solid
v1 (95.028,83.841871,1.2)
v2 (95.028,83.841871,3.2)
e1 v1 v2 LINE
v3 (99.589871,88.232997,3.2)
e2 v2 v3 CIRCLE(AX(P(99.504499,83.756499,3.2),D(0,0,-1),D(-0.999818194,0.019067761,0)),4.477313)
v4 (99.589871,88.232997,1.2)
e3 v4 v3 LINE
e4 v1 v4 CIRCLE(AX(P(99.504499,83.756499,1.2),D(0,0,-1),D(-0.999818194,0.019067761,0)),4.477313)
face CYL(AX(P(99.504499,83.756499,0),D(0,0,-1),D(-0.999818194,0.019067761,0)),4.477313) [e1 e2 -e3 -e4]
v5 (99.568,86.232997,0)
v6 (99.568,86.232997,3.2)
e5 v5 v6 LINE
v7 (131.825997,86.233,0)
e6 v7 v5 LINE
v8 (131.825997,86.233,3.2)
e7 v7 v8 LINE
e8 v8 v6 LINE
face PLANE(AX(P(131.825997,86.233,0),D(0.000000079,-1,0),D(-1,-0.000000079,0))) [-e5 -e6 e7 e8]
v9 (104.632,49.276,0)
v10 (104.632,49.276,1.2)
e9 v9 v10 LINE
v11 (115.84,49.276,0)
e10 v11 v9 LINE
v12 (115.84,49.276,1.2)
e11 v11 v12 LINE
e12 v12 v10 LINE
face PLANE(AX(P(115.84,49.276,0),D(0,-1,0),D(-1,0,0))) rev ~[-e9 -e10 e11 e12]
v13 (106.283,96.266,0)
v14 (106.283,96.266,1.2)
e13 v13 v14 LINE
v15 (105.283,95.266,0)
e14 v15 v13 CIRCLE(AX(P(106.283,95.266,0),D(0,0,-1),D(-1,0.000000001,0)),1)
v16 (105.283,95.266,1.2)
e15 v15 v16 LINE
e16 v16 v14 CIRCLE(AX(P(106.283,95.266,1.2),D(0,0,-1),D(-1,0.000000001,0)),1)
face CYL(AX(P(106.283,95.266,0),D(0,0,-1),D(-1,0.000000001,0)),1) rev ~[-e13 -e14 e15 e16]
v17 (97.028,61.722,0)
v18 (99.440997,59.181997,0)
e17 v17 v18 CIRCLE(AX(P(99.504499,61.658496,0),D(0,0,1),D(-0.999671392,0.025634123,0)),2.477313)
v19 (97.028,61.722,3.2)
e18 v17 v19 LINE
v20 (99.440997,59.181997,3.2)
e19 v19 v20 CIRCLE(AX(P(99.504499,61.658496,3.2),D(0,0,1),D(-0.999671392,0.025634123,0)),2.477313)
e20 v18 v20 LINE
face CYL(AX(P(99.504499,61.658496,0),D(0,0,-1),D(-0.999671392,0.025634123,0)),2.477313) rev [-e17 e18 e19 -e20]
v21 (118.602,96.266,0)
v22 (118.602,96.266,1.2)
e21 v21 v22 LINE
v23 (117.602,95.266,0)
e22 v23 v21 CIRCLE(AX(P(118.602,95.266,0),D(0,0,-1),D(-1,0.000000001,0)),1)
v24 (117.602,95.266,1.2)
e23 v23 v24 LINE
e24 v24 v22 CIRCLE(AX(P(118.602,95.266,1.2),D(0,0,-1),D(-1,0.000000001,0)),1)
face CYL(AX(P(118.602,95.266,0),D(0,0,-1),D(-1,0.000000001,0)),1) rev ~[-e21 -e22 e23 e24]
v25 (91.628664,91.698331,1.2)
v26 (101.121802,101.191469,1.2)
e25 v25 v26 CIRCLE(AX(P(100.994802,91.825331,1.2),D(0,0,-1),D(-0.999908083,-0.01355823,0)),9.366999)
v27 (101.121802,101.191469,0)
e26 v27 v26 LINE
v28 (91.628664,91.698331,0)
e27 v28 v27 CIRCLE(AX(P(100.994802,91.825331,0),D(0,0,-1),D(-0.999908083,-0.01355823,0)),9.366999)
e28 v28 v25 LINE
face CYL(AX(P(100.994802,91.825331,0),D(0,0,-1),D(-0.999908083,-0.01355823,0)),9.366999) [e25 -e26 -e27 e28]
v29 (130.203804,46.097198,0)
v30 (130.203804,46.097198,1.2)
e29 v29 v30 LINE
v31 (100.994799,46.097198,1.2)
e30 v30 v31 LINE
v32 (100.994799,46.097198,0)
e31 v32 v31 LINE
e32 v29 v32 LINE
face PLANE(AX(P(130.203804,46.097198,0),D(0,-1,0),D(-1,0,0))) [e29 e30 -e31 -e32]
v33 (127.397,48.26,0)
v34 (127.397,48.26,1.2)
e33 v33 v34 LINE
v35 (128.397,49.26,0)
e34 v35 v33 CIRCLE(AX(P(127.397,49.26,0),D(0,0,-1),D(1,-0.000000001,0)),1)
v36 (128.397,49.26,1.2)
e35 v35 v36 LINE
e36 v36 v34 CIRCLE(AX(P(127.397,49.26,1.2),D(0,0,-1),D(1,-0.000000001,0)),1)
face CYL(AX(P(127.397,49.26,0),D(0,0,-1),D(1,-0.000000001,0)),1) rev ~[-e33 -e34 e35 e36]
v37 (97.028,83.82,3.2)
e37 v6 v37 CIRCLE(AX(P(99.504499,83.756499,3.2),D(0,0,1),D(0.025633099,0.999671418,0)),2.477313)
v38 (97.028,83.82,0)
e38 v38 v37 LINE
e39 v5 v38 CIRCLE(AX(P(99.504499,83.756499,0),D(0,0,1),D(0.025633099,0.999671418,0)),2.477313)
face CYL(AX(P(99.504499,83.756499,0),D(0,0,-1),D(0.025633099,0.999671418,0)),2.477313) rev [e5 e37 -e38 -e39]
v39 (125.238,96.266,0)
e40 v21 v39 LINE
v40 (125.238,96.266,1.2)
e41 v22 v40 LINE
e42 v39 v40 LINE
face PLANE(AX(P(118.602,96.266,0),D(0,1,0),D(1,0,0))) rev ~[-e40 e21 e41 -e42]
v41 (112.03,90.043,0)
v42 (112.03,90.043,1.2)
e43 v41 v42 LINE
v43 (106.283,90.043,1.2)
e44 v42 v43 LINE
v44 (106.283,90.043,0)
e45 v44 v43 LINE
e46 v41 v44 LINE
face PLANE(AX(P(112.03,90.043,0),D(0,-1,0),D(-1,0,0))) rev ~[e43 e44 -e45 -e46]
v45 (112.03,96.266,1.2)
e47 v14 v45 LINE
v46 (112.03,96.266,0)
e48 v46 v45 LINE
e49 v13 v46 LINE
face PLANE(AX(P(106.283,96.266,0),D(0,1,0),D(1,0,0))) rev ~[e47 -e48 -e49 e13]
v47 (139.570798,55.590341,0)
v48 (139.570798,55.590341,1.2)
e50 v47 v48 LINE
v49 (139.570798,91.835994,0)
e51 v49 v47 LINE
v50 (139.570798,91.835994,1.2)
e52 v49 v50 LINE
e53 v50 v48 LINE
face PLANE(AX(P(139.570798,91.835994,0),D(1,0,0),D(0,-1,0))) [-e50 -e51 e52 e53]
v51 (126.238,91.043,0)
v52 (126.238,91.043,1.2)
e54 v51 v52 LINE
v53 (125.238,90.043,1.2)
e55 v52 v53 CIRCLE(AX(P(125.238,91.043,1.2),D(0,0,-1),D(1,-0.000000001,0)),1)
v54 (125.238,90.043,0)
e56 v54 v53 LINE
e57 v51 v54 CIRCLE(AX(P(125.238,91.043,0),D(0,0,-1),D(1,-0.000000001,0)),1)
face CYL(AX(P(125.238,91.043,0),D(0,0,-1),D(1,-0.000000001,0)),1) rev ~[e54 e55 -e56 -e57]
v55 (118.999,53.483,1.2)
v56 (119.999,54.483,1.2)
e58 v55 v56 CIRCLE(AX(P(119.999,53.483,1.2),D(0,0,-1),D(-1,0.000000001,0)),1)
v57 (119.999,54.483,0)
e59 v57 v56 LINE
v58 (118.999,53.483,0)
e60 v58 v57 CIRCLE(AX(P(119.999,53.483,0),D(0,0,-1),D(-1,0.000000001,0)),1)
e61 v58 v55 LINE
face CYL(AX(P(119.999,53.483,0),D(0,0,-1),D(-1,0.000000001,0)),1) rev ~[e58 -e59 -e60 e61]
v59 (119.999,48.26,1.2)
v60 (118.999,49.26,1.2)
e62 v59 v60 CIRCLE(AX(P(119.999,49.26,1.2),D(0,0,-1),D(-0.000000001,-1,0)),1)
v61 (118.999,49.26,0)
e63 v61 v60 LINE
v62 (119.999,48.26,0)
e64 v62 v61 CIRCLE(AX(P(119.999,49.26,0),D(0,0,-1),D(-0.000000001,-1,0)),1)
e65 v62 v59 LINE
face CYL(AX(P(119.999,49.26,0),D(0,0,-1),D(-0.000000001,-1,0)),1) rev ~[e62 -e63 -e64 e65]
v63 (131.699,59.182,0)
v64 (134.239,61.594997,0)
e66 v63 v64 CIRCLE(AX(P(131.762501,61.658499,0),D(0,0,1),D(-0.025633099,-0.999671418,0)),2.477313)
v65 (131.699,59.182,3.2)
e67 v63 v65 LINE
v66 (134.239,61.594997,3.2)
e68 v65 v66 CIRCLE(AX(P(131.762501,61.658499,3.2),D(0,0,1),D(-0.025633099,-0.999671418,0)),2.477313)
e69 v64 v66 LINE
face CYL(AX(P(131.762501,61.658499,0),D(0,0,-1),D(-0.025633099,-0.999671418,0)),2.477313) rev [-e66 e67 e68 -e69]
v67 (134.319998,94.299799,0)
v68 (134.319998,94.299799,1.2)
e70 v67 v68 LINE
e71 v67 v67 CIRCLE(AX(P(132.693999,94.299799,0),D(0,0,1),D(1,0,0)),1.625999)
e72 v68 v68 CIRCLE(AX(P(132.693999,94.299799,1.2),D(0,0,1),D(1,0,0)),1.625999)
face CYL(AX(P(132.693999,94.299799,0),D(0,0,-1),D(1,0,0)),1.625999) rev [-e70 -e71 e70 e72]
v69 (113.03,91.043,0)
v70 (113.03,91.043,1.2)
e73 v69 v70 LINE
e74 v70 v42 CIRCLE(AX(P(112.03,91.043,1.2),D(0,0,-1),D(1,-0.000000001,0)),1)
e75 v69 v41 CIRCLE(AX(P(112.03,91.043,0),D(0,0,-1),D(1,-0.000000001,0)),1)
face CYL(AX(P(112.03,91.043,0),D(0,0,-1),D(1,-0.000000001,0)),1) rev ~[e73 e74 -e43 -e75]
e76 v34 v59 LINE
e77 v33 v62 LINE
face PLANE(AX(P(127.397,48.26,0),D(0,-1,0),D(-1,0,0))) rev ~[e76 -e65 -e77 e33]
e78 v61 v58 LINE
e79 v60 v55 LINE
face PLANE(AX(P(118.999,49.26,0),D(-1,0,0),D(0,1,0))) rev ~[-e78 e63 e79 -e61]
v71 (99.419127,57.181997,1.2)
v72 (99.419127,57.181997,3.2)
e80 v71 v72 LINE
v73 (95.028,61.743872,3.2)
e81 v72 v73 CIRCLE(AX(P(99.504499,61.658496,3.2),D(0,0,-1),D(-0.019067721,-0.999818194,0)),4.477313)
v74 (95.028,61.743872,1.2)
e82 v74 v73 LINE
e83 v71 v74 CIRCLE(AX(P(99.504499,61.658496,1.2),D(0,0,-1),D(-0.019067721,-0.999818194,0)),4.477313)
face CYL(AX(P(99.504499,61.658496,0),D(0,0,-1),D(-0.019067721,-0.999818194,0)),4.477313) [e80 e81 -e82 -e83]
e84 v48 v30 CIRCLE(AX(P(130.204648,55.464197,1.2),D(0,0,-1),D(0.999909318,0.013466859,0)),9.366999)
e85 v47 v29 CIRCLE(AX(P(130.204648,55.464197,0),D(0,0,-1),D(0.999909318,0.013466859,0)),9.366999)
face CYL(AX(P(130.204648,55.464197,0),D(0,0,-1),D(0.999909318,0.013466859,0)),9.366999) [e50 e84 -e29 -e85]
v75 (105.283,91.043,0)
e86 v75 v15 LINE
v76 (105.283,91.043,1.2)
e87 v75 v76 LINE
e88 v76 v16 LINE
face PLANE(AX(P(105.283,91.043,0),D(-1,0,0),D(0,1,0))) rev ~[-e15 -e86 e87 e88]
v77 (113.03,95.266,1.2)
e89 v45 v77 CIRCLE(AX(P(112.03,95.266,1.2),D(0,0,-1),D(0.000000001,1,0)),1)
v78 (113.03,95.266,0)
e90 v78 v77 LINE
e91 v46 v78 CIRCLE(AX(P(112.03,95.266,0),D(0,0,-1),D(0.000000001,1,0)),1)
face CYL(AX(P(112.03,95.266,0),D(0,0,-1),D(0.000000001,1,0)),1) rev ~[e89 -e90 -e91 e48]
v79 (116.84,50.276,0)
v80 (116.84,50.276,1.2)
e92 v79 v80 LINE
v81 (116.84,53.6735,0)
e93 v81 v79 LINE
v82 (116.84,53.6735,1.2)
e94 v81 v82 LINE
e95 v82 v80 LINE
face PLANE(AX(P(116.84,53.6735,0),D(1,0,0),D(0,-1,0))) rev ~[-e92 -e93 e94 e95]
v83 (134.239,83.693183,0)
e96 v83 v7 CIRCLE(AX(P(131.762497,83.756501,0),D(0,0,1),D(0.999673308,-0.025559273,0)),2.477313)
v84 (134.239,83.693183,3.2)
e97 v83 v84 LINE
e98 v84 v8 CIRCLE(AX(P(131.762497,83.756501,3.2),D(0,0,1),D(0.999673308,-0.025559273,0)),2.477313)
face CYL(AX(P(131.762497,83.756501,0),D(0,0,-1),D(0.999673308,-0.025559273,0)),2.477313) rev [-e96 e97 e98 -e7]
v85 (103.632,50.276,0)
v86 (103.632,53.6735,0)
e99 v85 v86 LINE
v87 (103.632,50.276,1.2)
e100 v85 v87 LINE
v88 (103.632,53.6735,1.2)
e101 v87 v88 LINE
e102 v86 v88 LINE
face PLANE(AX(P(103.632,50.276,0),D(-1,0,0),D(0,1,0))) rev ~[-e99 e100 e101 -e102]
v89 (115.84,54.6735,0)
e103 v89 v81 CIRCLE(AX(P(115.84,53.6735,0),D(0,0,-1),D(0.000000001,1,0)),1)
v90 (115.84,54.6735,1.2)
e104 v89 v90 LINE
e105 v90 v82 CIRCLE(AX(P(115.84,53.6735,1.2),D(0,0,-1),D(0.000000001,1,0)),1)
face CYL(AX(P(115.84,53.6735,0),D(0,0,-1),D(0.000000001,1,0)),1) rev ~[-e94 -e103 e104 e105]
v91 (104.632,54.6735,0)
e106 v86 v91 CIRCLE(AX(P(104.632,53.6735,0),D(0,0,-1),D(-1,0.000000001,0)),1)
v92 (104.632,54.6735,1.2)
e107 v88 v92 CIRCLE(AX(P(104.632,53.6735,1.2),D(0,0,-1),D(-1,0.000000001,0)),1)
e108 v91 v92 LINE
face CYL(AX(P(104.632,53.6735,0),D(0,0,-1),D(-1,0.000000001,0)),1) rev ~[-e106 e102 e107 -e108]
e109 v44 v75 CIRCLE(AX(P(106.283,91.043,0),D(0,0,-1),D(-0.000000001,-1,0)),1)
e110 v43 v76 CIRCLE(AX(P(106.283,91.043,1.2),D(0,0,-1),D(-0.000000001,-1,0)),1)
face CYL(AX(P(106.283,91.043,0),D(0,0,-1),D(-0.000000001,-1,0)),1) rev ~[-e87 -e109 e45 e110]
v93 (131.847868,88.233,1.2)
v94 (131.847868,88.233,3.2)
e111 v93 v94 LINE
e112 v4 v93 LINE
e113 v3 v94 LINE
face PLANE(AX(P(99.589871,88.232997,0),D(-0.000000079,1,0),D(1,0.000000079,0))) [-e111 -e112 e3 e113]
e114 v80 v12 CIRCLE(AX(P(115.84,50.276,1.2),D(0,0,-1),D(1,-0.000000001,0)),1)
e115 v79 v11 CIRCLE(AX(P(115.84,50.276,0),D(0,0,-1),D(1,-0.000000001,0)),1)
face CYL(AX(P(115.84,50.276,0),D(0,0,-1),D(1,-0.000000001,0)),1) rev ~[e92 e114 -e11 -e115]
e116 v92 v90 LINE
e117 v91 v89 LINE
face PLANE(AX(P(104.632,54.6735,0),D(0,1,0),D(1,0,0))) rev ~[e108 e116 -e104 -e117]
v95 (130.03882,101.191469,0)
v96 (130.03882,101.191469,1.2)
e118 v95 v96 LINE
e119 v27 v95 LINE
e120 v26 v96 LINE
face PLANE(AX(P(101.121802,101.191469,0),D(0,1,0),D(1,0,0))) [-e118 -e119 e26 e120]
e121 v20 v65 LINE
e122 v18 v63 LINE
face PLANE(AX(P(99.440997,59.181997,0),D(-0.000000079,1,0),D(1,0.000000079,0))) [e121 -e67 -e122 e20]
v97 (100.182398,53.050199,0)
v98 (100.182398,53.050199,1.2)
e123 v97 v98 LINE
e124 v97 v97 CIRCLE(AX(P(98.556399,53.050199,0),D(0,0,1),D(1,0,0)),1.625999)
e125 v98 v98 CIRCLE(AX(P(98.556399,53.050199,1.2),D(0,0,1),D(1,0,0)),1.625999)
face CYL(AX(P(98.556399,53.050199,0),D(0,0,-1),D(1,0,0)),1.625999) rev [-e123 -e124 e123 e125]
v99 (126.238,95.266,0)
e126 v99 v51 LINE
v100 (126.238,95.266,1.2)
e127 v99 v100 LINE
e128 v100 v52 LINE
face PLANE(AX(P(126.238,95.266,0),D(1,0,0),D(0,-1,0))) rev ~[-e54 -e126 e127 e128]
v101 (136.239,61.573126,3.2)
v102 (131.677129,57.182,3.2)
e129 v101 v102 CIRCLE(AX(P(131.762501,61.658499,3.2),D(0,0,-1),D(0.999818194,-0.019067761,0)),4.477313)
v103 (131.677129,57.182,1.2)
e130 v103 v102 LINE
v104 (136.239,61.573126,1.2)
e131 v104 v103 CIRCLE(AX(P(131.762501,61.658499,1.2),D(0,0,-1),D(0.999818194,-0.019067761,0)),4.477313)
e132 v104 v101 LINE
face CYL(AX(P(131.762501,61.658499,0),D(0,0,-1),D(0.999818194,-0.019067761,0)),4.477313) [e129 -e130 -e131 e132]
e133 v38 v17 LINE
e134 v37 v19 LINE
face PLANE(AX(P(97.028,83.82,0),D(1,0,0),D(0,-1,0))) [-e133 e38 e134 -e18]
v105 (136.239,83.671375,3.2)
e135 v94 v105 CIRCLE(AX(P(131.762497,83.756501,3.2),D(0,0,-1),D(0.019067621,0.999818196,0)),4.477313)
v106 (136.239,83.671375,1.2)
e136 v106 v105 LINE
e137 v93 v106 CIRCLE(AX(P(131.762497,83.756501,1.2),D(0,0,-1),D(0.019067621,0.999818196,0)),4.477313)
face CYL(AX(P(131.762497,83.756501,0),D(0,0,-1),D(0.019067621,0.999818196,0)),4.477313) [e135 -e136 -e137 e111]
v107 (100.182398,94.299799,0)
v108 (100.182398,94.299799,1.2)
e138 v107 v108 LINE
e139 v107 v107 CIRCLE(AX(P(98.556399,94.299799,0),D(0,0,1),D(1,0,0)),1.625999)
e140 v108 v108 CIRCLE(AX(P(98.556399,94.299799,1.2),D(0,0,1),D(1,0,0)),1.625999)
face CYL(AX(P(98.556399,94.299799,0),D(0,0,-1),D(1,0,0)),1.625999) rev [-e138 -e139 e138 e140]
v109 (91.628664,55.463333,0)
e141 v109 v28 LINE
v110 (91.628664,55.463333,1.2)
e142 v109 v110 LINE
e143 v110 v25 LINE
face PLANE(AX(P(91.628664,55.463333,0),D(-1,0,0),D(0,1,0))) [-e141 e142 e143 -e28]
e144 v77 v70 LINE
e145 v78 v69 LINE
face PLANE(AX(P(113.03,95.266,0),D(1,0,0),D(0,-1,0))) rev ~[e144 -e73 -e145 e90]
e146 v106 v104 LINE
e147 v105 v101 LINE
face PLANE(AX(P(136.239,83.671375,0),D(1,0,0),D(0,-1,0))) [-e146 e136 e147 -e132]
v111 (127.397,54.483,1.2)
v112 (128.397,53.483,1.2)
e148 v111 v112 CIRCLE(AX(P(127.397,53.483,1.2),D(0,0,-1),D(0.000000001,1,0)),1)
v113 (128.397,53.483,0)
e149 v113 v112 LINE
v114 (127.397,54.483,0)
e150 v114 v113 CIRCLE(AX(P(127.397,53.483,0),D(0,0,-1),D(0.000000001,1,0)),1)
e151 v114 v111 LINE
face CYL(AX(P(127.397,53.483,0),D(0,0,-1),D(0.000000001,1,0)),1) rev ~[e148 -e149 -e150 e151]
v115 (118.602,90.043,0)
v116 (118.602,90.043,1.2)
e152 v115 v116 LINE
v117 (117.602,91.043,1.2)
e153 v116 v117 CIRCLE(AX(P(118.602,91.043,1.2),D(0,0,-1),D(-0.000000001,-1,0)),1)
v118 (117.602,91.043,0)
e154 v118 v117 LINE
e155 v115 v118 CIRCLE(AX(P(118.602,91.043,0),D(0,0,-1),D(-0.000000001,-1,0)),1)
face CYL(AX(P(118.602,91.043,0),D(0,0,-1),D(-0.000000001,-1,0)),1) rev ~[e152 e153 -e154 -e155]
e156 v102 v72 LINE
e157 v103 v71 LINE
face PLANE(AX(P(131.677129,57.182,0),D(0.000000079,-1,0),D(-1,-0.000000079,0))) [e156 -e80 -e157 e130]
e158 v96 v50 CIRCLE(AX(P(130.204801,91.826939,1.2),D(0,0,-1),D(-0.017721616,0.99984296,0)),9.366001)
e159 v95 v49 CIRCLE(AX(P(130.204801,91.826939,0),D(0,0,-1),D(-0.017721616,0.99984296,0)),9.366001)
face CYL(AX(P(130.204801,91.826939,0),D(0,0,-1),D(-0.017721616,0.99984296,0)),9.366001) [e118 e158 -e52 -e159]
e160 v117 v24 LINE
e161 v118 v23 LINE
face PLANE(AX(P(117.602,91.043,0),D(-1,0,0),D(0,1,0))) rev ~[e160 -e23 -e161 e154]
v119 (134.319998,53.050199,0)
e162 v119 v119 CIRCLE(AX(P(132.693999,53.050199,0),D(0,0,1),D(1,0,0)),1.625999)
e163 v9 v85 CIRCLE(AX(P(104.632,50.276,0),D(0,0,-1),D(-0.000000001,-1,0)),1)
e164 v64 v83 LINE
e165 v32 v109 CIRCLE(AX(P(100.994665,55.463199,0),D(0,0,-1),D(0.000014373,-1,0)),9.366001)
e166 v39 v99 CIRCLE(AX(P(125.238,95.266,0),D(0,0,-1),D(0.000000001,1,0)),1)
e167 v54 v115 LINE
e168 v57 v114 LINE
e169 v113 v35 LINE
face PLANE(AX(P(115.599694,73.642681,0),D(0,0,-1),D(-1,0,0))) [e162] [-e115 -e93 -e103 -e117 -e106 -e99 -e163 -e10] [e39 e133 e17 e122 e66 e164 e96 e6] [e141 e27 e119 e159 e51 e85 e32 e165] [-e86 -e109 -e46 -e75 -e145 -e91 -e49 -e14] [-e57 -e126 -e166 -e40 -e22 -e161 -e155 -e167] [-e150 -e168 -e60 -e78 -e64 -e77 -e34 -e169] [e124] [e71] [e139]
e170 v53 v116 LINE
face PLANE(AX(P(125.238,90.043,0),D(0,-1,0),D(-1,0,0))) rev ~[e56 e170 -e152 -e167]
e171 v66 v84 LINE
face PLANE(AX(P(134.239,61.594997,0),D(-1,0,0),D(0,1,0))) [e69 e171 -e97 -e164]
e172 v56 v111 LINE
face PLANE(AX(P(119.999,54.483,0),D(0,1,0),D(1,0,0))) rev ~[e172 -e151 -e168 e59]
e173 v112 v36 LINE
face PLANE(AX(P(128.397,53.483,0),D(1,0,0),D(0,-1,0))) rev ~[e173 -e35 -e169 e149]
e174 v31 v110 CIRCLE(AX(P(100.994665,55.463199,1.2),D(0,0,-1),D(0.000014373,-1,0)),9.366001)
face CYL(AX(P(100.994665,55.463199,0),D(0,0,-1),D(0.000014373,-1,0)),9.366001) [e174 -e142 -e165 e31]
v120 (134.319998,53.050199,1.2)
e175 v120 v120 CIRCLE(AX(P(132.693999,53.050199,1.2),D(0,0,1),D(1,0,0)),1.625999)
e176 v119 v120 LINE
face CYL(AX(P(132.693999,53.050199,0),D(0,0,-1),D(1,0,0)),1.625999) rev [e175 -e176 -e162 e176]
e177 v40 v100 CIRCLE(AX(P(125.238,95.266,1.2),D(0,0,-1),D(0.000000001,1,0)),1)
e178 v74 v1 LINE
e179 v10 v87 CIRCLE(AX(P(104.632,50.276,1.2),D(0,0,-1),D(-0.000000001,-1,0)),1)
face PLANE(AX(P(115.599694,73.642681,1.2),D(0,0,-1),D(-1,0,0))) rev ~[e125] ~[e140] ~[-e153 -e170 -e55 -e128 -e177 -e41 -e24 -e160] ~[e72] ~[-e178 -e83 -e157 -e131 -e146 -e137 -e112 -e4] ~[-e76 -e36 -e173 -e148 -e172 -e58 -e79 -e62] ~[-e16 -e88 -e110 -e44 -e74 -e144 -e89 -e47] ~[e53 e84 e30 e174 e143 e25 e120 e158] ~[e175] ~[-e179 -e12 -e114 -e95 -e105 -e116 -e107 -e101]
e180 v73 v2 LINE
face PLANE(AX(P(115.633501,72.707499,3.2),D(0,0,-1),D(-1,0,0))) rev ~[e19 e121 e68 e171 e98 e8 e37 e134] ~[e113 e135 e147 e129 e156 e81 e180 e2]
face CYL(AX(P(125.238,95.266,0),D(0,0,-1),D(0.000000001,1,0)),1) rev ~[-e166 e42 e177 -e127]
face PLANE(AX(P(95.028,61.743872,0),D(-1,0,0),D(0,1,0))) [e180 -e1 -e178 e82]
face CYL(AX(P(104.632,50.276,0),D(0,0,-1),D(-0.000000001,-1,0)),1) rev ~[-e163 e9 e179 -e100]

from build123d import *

# Parameters (mm, degrees)
MODEL_R         = 1.62599878
EXTRUDE_1_DEPTH = 1.2
EXTRUDE_2_DEPTH = 3.2


with BuildPart() as part:
    # Model → 凸台-拉伸1 (new body)
    with BuildSketch(Plane.XY):
        with BuildLine():
            Line((91.62866358, 91.6983307), (91.62866358, 55.46333332))
            ThreePointArc((91.62866358, 55.46333332), (94.371901783, 48.840435823), (100.99479928, 46.09719762))
            Line((100.99479928, 46.09719762), (130.2038036, 46.09719762))
            ThreePointArc((130.2038036, 46.09719762), (136.872269667, 48.885177471), (139.57079782, 55.59034094))
            Line((139.57079782, 55.59034094), (139.57079782, 91.83599362))
            ThreePointArc((139.57079782, 91.83599362), (136.765388235, 98.511299019), (130.03882044, 101.19146894))
            Line((130.03882044, 101.19146894), (101.12180182, 101.19146894))
            ThreePointArc((101.12180182, 101.19146894), (94.371333169, 98.448799351), (91.62866358, 91.6983307))
        make_face()
        with Locations((98.55639928, 53.0501987)):
            Circle(MODEL_R, mode=Mode.SUBTRACT)
        with BuildLine():
            ThreePointArc((104.632, 49.276), (103.924893219, 49.568893219), (103.632, 50.276))
            Line((103.632, 50.276), (103.632, 53.6735))
            ThreePointArc((103.632, 53.6735), (103.924893219, 54.380606781), (104.632, 54.6735))
            Line((104.632, 54.6735), (115.84, 54.6735))
            ThreePointArc((115.84, 54.6735), (116.547106781, 54.380606781), (116.84, 53.6735))
            Line((116.84, 53.6735), (116.84, 50.276))
            ThreePointArc((116.84, 50.276), (116.547106781, 49.568893219), (115.84, 49.276))
            Line((115.84, 49.276), (104.632, 49.276))
        make_face(mode=Mode.SUBTRACT)
        with BuildLine():
            ThreePointArc((119.999, 48.26), (119.291893219, 48.552893219), (118.999, 49.26))
            Line((118.999, 49.26), (118.999, 53.483))
            ThreePointArc((118.999, 53.483), (119.291893219, 54.190106781), (119.999, 54.483))
            Line((119.999, 54.483), (127.397, 54.483))
            ThreePointArc((127.397, 54.483), (128.104106781, 54.190106781), (128.397, 53.483))
            Line((128.397, 53.483), (128.397, 49.26))
            ThreePointArc((128.397, 49.26), (128.104106781, 48.552893219), (127.397, 48.26))
            Line((127.397, 48.26), (119.999, 48.26))
        make_face(mode=Mode.SUBTRACT)
        with Locations((132.69399928, 53.0501987)):
            Circle(MODEL_R, mode=Mode.SUBTRACT)
        with BuildLine():
            ThreePointArc((99.419126585, 57.181997458), (96.27876767, 58.553502055), (95.028, 61.743871815))
            Line((95.028, 61.743871815), (95.028, 83.841870988))
            ThreePointArc((95.028, 83.841870988), (96.399503395, 86.982228572), (99.58987085, 88.232997462))
            Line((99.58987085, 88.232997462), (131.847868221, 88.233000002))
            ThreePointArc((131.847868221, 88.233000002), (134.988140962, 86.861585383), (136.239, 83.671374948))
            Line((136.239, 83.671374948), (136.239, 61.573126472))
            ThreePointArc((136.239, 61.573126472), (134.867496605, 58.432768888), (131.67712915, 57.181999998))
            Line((131.67712915, 57.181999998), (99.419126585, 57.181997458))
        make_face(mode=Mode.SUBTRACT)
        with Locations((98.55639928, 94.2997987)):
            Circle(MODEL_R, mode=Mode.SUBTRACT)
        with BuildLine():
            ThreePointArc((106.283, 90.043), (105.575893219, 90.335893219), (105.283, 91.043))
            Line((105.283, 91.043), (105.283, 95.266))
            ThreePointArc((105.283, 95.266), (105.575893219, 95.973106781), (106.283, 96.266))
            Line((106.283, 96.266), (112.03, 96.266))
            ThreePointArc((112.03, 96.266), (112.737106781, 95.973106781), (113.03, 95.266))
            Line((113.03, 95.266), (113.03, 91.043))
            ThreePointArc((113.03, 91.043), (112.737106781, 90.335893219), (112.03, 90.043))
            Line((112.03, 90.043), (106.283, 90.043))
        make_face(mode=Mode.SUBTRACT)
        with BuildLine():
            ThreePointArc((117.602, 95.266), (117.894893219, 95.973106781), (118.602, 96.266))
            Line((118.602, 96.266), (125.238, 96.266))
            ThreePointArc((125.238, 96.266), (125.945106781, 95.973106781), (126.238, 95.266))
            Line((126.238, 95.266), (126.238, 91.043))
            ThreePointArc((126.238, 91.043), (125.945106781, 90.335893219), (125.238, 90.043))
            Line((125.238, 90.043), (118.602, 90.043))
            ThreePointArc((118.602, 90.043), (117.894893219, 90.335893219), (117.602, 91.043))
            Line((117.602, 91.043), (117.602, 95.266))
        make_face(mode=Mode.SUBTRACT)
        with Locations((132.69399928, 94.2997987)):
            Circle(MODEL_R, mode=Mode.SUBTRACT)
    extrude(amount=EXTRUDE_1_DEPTH)

    # Model<4> → 凸台-拉伸2 (add)
    with BuildSketch(Plane.XY):
        with BuildLine():
            Line((95.028, 83.841870988), (95.028, 61.743871815))
            ThreePointArc((95.028, 61.743871815), (96.27876767, 58.553502055), (99.419126585, 57.181997458))
            Line((99.419126585, 57.181997458), (131.67712915, 57.181999998))
            ThreePointArc((131.67712915, 57.181999998), (134.867496605, 58.432768888), (136.239, 61.573126472))
            Line((136.239, 61.573126472), (136.239, 83.671374948))
            ThreePointArc((136.239, 83.671374948), (134.988140962, 86.861585383), (131.847868221, 88.233000002))
            Line((131.847868221, 88.233000002), (99.58987085, 88.232997462))
            ThreePointArc((99.58987085, 88.232997462), (96.399503395, 86.982228572), (95.028, 83.841870988))
        make_face()
        with BuildLine():
            Line((134.239, 83.69318288), (134.239, 61.59499746))
            ThreePointArc((134.239, 61.59499746), (133.468748117, 59.862447526), (131.699, 59.182))
            Line((131.699, 59.182), (99.44099746, 59.18199746))
            ThreePointArc((99.44099746, 59.18199746), (97.708446609, 59.952250241), (97.028, 61.722))
            Line((97.028, 61.722), (97.028, 83.82))
            ThreePointArc((97.028, 83.82), (97.798251883, 85.552549934), (99.568, 86.23299746))
            Line((99.568, 86.23299746), (131.82599746, 86.233))
            ThreePointArc((131.82599746, 86.233), (133.558484649, 85.46281457), (134.239, 83.69318288))
        make_face(mode=Mode.SUBTRACT)
    extrude(amount=EXTRUDE_2_DEPTH)


solid = part.part
